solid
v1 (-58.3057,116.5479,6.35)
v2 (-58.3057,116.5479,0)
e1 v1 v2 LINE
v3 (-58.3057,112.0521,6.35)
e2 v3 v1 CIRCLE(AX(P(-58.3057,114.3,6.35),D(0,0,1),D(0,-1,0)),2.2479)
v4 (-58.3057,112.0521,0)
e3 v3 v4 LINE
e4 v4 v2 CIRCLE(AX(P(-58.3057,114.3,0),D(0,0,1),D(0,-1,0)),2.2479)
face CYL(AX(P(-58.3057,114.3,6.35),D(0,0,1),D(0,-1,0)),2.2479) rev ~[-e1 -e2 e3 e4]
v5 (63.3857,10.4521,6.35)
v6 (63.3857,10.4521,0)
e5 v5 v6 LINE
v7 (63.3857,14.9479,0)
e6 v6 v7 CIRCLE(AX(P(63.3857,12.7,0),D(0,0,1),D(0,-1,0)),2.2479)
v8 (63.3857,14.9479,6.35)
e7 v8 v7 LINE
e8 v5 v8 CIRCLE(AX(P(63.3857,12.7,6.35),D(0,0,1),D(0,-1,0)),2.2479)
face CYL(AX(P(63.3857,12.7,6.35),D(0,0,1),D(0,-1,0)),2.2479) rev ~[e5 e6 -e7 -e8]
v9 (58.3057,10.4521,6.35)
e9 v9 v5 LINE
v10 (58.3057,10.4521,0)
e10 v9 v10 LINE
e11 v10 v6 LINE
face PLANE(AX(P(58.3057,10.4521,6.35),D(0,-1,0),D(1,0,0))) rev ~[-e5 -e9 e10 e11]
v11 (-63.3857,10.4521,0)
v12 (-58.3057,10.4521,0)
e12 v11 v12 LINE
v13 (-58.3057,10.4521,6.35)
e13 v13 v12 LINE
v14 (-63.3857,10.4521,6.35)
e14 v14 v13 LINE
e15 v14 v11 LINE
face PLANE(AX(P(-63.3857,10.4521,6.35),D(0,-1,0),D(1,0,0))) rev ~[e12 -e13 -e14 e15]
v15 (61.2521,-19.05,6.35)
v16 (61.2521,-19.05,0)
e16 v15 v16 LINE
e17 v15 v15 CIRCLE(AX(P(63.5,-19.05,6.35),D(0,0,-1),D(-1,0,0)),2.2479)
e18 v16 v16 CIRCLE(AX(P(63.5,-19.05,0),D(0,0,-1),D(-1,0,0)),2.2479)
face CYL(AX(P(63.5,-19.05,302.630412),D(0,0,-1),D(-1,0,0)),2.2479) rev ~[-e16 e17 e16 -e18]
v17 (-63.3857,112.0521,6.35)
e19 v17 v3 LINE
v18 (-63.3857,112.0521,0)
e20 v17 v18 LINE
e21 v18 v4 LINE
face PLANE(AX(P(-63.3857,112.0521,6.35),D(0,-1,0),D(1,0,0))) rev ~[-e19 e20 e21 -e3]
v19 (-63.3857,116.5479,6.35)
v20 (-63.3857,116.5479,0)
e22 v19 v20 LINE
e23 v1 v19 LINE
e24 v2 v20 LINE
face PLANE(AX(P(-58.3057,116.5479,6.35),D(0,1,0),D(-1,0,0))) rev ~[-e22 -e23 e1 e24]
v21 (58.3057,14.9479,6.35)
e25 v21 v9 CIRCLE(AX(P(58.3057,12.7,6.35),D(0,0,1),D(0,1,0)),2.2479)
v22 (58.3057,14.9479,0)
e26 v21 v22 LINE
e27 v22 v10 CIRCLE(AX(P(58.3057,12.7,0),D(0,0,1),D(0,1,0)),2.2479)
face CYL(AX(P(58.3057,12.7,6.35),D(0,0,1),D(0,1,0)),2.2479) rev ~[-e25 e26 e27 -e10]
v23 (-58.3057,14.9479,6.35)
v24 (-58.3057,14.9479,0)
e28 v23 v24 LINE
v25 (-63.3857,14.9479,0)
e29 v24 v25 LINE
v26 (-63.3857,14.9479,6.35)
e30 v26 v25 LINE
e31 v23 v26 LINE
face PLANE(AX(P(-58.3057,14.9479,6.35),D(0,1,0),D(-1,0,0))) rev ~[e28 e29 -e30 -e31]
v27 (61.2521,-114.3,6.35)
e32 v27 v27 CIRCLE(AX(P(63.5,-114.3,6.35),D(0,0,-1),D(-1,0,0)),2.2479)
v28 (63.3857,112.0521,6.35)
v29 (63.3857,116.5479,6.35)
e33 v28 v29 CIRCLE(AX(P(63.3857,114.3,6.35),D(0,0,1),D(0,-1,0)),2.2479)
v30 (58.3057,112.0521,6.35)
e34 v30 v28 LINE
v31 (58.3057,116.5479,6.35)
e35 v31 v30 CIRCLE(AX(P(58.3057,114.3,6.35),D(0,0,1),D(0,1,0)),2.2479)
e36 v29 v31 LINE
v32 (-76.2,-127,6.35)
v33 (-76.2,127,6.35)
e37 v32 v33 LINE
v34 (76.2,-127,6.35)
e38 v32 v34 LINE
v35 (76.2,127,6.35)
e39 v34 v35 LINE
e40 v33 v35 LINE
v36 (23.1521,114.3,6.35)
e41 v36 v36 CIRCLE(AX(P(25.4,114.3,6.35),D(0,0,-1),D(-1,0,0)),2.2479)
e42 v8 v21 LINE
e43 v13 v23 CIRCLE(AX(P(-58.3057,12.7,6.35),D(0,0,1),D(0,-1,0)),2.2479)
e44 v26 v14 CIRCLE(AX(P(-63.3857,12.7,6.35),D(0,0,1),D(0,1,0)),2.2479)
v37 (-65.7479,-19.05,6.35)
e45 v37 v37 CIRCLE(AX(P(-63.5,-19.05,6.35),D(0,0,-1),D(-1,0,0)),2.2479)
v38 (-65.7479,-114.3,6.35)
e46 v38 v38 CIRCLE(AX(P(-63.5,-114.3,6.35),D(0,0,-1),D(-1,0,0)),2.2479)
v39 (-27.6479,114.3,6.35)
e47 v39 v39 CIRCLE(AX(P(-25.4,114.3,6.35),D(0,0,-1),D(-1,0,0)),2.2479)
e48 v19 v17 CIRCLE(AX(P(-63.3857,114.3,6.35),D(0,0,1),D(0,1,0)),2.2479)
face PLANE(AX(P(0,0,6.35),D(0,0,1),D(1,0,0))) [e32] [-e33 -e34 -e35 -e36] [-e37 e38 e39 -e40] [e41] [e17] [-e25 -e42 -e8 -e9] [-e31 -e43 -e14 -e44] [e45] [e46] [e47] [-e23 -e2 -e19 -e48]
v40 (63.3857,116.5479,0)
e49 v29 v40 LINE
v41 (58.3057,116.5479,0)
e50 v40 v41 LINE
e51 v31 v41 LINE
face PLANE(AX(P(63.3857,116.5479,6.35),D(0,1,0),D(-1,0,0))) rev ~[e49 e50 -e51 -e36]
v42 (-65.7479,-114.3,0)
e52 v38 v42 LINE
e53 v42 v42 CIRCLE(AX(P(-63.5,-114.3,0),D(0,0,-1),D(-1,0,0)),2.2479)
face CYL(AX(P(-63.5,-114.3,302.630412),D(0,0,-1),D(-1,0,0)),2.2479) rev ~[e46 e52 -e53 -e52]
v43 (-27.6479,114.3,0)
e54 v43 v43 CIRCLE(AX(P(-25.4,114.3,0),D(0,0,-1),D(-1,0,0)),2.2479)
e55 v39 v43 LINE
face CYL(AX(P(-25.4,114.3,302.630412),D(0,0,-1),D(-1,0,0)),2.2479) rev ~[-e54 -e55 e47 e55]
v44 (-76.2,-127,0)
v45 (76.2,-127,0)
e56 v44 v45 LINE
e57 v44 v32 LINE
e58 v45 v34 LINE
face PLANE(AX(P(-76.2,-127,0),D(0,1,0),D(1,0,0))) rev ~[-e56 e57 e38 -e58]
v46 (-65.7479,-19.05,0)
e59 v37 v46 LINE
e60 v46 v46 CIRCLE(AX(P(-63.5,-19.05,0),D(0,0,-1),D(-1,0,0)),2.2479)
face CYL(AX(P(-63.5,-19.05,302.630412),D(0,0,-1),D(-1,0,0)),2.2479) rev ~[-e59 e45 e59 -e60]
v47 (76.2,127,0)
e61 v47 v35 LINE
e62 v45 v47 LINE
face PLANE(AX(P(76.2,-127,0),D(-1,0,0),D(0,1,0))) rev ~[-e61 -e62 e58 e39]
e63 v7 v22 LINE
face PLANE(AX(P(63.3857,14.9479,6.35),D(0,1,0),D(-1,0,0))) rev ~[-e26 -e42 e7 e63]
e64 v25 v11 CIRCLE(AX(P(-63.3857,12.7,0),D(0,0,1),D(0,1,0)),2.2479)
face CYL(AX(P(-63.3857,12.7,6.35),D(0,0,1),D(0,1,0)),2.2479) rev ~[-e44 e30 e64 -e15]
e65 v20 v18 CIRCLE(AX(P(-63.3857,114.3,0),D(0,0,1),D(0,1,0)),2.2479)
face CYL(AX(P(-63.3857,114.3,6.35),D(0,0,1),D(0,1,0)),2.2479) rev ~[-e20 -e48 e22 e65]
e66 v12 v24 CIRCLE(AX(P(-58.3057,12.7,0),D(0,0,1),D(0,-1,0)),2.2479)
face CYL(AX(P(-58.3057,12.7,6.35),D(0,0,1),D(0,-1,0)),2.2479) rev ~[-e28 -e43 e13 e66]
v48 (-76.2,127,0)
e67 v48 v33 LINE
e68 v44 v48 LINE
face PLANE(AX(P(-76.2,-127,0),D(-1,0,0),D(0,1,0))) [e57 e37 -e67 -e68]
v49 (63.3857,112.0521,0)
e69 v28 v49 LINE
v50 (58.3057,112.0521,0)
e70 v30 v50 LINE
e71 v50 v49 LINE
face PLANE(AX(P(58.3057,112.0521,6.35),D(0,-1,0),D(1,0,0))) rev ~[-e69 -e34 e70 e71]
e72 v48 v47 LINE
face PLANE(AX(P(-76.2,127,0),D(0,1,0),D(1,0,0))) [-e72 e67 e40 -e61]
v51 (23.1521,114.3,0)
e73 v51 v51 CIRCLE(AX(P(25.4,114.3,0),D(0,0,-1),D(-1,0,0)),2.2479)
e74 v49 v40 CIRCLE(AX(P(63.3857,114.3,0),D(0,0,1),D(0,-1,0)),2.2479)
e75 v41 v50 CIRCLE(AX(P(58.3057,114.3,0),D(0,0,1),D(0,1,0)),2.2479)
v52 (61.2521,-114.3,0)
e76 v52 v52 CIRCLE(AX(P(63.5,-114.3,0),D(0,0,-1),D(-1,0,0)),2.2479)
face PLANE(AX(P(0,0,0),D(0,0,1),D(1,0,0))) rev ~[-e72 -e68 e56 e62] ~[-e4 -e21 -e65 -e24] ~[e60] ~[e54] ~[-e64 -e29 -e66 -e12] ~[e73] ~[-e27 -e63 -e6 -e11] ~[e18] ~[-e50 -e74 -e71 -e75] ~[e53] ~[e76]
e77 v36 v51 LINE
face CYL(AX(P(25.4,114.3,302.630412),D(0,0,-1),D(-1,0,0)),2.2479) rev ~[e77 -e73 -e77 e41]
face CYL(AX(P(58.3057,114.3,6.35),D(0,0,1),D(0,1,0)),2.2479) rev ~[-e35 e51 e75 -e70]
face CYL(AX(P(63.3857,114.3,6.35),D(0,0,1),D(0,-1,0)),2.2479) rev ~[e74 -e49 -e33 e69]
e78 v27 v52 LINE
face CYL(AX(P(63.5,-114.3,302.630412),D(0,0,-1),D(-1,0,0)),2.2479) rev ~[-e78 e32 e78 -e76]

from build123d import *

# Parameters (mm, degrees)
F0_W     = 152.4
F0_H     = 254
F1_DEPTH = 6.35
F3_DEPTH = 25.4
F6_D     = 4.4958


with BuildPart() as f1:
    # F0 (on Top) → F1 (new body)
    with BuildSketch(Plane.XY):
        Rectangle(F0_W, F0_H)
    extrude(amount=F1_DEPTH)

    # F2 (on face) → F3 (cut)
    with BuildSketch(Plane.XY.offset(6.35)):
        with BuildLine():
            Line((-58.3057, 116.5479), (-63.3857, 116.5479))
            ThreePointArc((-63.3857, 116.5479), (-65.6336, 114.3), (-63.3857, 112.0521))
            Line((-63.3857, 112.0521), (-58.3057, 112.0521))
            ThreePointArc((-58.3057, 112.0521), (-56.0578, 114.3), (-58.3057, 116.5479))
        make_face()
        with BuildLine():
            Line((63.3857, 116.5479), (58.3057, 116.5479))
            ThreePointArc((58.3057, 116.5479), (56.0578, 114.3), (58.3057, 112.0521))
            Line((58.3057, 112.0521), (63.3857, 112.0521))
            ThreePointArc((63.3857, 112.0521), (65.6336, 114.3), (63.3857, 116.5479))
        make_face()
        with BuildLine():
            Line((-58.3057, 14.9479), (-63.3857, 14.9479))
            ThreePointArc((-63.3857, 14.9479), (-65.6336, 12.7), (-63.3857, 10.4521))
            Line((-63.3857, 10.4521), (-58.3057, 10.4521))
            ThreePointArc((-58.3057, 10.4521), (-56.0578, 12.7), (-58.3057, 14.9479))
        make_face()
        with BuildLine():
            Line((63.3857, 14.9479), (58.3057, 14.9479))
            ThreePointArc((58.3057, 14.9479), (56.0578, 12.7), (58.3057, 10.4521))
            Line((58.3057, 10.4521), (63.3857, 10.4521))
            ThreePointArc((63.3857, 10.4521), (65.6336, 12.7), (63.3857, 14.9479))
        make_face()
    extrude(amount=-F3_DEPTH, mode=Mode.SUBTRACT)

    # F6 (through all)
    with Locations(Plane.XY.offset(6.35)):
        with Locations((-63.5, -19.05), (-63.5, -114.3), (63.5, -114.3), (63.5, -19.05), (-25.4, 114.3), (25.4, 114.3)):
            Hole(F6_D / 2)


solid = f1.part
